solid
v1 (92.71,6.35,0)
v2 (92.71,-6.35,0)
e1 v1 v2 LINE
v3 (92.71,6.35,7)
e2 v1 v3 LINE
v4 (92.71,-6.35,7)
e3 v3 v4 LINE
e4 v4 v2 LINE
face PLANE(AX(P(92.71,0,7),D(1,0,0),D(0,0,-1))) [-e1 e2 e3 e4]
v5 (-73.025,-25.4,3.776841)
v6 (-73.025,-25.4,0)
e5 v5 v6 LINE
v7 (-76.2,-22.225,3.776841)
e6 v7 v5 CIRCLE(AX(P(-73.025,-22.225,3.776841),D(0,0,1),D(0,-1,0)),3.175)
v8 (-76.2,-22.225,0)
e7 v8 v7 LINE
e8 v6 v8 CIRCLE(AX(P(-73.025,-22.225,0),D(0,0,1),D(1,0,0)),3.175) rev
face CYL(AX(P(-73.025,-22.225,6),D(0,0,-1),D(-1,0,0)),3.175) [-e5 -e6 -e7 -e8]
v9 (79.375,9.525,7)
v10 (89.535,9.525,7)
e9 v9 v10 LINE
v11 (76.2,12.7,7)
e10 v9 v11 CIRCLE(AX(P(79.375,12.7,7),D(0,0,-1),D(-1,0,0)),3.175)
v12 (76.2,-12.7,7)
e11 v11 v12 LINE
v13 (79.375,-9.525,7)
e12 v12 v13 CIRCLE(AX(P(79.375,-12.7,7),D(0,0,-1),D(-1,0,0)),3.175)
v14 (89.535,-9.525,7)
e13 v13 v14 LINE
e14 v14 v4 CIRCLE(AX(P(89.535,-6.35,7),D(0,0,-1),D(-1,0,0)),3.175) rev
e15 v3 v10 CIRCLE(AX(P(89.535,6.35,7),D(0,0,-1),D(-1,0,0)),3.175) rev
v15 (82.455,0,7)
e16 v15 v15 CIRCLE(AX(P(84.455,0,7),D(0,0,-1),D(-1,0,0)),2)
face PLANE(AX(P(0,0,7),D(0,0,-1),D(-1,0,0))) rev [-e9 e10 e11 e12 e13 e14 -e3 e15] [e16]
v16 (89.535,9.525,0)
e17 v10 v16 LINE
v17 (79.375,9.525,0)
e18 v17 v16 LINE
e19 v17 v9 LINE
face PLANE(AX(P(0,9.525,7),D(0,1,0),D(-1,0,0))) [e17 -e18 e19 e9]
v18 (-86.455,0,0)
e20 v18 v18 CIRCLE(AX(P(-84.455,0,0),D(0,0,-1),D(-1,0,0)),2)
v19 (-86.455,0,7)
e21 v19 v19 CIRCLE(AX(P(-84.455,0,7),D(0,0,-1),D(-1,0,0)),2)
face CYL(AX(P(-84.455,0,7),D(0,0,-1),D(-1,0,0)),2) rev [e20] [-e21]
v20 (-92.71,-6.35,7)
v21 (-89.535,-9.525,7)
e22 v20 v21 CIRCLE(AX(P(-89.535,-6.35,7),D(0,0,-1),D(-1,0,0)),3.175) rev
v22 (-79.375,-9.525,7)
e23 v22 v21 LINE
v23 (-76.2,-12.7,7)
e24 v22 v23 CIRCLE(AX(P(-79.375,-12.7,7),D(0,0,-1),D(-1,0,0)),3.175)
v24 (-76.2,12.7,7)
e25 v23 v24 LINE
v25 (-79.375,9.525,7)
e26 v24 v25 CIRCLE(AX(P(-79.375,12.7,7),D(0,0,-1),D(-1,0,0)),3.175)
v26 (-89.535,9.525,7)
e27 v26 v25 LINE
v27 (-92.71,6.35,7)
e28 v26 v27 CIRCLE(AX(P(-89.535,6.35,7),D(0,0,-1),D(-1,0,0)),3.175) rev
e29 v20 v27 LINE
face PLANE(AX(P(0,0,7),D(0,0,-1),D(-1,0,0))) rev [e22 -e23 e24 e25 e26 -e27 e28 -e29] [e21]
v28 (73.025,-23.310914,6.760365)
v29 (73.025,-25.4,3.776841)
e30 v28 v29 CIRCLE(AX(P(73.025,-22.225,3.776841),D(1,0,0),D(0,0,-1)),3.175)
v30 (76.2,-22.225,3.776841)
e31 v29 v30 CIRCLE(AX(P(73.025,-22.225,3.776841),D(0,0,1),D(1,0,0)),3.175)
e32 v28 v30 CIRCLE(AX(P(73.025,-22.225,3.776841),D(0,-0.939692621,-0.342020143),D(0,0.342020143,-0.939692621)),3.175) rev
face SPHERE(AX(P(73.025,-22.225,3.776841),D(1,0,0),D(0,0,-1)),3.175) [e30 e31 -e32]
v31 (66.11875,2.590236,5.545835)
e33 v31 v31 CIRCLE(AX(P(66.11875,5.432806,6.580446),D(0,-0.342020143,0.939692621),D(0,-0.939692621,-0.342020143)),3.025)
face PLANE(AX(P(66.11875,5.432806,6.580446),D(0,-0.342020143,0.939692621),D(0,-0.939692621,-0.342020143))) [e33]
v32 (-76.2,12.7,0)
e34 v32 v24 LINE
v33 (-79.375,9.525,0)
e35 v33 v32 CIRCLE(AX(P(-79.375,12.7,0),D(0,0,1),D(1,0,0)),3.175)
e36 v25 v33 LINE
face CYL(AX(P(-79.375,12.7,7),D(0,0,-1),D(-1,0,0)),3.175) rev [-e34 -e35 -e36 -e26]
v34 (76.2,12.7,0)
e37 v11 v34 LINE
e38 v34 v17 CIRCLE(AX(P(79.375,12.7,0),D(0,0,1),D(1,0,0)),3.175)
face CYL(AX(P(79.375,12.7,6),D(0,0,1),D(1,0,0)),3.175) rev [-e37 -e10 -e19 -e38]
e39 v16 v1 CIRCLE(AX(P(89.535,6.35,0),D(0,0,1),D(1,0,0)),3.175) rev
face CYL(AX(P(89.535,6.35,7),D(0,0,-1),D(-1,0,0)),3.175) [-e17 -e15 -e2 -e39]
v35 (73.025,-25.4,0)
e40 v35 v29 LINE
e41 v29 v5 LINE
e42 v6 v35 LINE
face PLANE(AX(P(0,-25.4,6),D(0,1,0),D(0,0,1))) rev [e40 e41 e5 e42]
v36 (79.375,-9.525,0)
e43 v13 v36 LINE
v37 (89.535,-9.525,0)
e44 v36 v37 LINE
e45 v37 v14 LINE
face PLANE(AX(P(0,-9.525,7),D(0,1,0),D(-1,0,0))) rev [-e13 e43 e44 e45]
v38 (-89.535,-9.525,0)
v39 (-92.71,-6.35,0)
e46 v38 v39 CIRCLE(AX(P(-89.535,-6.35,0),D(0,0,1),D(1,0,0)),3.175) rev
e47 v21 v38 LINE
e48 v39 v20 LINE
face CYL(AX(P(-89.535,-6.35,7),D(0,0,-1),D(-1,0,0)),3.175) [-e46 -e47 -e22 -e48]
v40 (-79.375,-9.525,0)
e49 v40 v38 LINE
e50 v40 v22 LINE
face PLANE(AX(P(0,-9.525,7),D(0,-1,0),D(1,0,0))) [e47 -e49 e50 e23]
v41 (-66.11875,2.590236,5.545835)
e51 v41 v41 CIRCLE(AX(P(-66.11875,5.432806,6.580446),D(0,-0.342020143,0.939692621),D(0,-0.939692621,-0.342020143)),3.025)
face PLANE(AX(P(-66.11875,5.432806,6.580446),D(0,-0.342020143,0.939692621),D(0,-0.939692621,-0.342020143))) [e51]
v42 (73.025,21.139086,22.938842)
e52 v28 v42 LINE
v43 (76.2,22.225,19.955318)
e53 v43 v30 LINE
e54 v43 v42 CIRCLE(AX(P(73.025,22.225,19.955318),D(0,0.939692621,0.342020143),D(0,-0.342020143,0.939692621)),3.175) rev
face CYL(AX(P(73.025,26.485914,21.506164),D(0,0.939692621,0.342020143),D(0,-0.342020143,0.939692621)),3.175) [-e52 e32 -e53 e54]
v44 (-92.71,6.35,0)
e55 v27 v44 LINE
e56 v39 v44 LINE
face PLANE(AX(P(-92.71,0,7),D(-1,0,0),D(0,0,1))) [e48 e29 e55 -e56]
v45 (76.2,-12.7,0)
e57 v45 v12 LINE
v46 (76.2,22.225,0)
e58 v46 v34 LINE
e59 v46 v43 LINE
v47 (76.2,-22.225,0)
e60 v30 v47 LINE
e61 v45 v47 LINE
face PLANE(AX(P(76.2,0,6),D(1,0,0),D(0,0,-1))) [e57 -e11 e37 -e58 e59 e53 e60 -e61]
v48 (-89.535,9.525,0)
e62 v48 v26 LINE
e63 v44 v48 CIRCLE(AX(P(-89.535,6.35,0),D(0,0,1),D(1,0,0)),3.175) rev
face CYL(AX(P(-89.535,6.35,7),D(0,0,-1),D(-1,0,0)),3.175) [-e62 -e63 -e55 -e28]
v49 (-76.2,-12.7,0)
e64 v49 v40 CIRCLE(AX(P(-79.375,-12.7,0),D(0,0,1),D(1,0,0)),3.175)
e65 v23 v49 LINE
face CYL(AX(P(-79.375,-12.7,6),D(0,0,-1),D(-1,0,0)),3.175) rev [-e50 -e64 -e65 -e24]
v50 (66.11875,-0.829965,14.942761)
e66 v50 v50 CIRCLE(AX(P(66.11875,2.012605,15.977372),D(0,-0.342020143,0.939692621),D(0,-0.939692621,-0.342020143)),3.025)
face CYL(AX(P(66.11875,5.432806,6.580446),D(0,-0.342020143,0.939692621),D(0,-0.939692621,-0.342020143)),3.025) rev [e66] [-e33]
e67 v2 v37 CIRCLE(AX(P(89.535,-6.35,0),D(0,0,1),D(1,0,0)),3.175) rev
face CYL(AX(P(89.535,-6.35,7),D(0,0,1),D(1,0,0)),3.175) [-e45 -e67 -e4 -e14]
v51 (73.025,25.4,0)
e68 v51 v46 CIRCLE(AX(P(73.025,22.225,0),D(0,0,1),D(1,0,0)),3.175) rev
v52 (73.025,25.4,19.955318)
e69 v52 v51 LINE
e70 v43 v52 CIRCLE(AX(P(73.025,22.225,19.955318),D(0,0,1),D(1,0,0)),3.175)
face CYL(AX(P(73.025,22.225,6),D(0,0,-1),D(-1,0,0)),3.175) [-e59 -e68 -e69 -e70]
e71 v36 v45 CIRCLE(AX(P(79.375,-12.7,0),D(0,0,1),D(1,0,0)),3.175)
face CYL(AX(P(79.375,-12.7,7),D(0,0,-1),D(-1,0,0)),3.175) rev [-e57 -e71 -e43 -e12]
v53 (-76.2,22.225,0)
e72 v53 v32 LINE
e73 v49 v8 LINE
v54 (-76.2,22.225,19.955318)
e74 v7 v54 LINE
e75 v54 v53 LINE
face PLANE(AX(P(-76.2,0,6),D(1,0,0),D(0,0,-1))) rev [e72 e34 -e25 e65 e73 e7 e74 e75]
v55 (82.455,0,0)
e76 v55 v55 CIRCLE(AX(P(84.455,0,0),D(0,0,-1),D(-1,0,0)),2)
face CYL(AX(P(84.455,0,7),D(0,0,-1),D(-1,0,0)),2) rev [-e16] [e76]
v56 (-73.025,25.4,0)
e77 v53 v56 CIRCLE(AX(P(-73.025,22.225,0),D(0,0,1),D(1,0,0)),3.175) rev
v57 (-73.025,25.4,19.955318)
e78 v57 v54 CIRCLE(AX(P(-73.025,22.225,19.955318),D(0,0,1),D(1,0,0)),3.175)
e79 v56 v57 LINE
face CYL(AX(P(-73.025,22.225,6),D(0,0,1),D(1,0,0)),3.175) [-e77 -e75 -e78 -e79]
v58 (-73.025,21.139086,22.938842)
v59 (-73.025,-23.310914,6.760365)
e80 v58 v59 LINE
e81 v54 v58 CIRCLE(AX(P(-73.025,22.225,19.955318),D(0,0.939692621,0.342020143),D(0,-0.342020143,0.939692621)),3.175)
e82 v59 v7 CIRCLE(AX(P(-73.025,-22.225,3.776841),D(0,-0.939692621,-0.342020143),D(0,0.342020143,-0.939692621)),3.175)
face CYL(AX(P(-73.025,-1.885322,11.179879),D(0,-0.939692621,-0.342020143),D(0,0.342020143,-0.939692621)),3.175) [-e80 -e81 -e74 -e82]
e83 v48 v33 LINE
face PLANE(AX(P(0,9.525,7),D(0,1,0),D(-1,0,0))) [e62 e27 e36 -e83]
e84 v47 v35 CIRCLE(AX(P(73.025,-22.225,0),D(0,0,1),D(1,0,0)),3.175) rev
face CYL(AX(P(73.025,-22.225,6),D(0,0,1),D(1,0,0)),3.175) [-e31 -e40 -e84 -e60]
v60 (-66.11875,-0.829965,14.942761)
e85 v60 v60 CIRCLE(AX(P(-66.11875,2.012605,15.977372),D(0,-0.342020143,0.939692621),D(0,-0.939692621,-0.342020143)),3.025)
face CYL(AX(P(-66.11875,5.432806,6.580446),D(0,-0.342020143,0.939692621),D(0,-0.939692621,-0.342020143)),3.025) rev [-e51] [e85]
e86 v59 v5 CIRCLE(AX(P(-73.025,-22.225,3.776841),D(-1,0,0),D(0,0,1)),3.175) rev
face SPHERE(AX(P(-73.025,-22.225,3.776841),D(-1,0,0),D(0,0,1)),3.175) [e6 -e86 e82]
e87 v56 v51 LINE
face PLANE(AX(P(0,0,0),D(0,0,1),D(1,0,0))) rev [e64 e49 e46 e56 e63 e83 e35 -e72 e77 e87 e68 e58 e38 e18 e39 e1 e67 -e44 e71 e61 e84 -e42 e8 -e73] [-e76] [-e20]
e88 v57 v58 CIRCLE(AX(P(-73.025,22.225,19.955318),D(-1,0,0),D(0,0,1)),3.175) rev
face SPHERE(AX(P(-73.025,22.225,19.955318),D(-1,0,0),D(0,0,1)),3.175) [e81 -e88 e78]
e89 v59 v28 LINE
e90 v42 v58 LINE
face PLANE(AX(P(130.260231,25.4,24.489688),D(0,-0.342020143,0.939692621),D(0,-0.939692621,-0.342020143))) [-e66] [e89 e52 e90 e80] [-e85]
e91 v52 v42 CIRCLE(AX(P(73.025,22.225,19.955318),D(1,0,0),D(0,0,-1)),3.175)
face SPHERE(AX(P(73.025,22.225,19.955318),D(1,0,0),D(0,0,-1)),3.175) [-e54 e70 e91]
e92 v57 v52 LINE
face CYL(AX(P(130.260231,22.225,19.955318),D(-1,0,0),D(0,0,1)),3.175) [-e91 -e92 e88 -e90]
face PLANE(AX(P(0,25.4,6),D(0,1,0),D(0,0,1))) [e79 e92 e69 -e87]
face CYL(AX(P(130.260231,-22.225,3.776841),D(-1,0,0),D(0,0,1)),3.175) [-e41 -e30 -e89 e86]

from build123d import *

# Parameters (mm, degrees)
SKETCH1_W           = 152.4
SKETCH1_H           = 50.8
BOSS_EXTRUDE1_DEPTH = 6
BOSS_EXTRUDE2_DEPTH = 152.4
SKETCH7_W           = 16.51
SKETCH7_H           = 19.05
SKETCH7_R           = 2
BOSS_EXTRUDE3_DEPTH = 7
FILLET1_R           = 3.175
SKETCH8_R           = 3.025
CUT_EXTRUDE1_DEPTH  = 10


with BuildPart() as part:
    # Sketch1 → Boss-Extrude1 (new body)
    with BuildSketch(Plane.XY):
        Rectangle(SKETCH1_W, SKETCH1_H)
    extrude(amount=BOSS_EXTRUDE1_DEPTH)

    # Sketch5 → Boss-Extrude2 (add)
    with BuildSketch(Plane.ZY.offset(76.2)):
        Polygon((6, 25.4), (24.489687901, 25.4), (6, -25.4), align=None)
    extrude(amount=-BOSS_EXTRUDE2_DEPTH)

    # Sketch7 → Boss-Extrude3 (add)
    # profile 1 of 2: a face of its own
    with BuildSketch(Plane(origin=(0, 0, 0), x_dir=(-1, 0, 0), z_dir=(0, 0, -1))):
        with Locations((-84.455, 0)):
            Rectangle(SKETCH7_W, SKETCH7_H)
        with Locations((-84.455, 0)):
            Circle(SKETCH7_R, mode=Mode.SUBTRACT)
    # profile 2 of 2: a face of its own
    with BuildSketch(Plane(origin=(0, 0, 0), x_dir=(-1, 0, 0), z_dir=(0, 0, -1))):
        with Locations((84.455, 0)):
            Rectangle(SKETCH7_W, SKETCH7_H)
        with Locations((84.455, 0)):
            Circle(SKETCH7_R, mode=Mode.SUBTRACT)
    extrude(amount=-BOSS_EXTRUDE3_DEPTH)

    # Fillet1
    fillet1_edges = [part.edges().sort_by_distance(p)[0] for p in [
        (-76.2, 0, 15.24484395),
        (76.2, 0, 15.24484395),
        (0, 25.4, 24.489687901),
        (0, -25.4, 6),
        (76.2, -9.525, 3.5),
        (92.71, -9.525, 3.5),
        (92.71, 9.525, 3.5),
        (76.2, 9.525, 3.5),
        (-76.2, -9.525, 3.5),
        (-76.2, 9.525, 3.5),
        (-92.71, 9.525, 3.5),
        (-92.71, -9.525, 3.5),
        (76.2, -25.4, 3),
        (-76.2, -25.4, 3),
        (-76.2, 25.4, 12.24484395),
        (76.2, 25.4, 12.24484395),
    ]]
    fillet(fillet1_edges, radius=FILLET1_R)

    # Sketch8 → Cut-Extrude1 (cut)
    with BuildSketch(Plane(origin=(0, -4.899598401, 13.461535972), x_dir=(1, 0, 0), z_dir=(0, -0.3420201433256695, 0.9396926207859082))):
        with Locations(Location((-66.11875, 7.355813283, 0), (0, 0, 270))):
            Circle(SKETCH8_R)
        with Locations(Location((66.11875, 7.355813283, 0), (0, 0, 270))):
            Circle(SKETCH8_R)
    extrude(amount=-CUT_EXTRUDE1_DEPTH, mode=Mode.SUBTRACT)


solid = part.part
